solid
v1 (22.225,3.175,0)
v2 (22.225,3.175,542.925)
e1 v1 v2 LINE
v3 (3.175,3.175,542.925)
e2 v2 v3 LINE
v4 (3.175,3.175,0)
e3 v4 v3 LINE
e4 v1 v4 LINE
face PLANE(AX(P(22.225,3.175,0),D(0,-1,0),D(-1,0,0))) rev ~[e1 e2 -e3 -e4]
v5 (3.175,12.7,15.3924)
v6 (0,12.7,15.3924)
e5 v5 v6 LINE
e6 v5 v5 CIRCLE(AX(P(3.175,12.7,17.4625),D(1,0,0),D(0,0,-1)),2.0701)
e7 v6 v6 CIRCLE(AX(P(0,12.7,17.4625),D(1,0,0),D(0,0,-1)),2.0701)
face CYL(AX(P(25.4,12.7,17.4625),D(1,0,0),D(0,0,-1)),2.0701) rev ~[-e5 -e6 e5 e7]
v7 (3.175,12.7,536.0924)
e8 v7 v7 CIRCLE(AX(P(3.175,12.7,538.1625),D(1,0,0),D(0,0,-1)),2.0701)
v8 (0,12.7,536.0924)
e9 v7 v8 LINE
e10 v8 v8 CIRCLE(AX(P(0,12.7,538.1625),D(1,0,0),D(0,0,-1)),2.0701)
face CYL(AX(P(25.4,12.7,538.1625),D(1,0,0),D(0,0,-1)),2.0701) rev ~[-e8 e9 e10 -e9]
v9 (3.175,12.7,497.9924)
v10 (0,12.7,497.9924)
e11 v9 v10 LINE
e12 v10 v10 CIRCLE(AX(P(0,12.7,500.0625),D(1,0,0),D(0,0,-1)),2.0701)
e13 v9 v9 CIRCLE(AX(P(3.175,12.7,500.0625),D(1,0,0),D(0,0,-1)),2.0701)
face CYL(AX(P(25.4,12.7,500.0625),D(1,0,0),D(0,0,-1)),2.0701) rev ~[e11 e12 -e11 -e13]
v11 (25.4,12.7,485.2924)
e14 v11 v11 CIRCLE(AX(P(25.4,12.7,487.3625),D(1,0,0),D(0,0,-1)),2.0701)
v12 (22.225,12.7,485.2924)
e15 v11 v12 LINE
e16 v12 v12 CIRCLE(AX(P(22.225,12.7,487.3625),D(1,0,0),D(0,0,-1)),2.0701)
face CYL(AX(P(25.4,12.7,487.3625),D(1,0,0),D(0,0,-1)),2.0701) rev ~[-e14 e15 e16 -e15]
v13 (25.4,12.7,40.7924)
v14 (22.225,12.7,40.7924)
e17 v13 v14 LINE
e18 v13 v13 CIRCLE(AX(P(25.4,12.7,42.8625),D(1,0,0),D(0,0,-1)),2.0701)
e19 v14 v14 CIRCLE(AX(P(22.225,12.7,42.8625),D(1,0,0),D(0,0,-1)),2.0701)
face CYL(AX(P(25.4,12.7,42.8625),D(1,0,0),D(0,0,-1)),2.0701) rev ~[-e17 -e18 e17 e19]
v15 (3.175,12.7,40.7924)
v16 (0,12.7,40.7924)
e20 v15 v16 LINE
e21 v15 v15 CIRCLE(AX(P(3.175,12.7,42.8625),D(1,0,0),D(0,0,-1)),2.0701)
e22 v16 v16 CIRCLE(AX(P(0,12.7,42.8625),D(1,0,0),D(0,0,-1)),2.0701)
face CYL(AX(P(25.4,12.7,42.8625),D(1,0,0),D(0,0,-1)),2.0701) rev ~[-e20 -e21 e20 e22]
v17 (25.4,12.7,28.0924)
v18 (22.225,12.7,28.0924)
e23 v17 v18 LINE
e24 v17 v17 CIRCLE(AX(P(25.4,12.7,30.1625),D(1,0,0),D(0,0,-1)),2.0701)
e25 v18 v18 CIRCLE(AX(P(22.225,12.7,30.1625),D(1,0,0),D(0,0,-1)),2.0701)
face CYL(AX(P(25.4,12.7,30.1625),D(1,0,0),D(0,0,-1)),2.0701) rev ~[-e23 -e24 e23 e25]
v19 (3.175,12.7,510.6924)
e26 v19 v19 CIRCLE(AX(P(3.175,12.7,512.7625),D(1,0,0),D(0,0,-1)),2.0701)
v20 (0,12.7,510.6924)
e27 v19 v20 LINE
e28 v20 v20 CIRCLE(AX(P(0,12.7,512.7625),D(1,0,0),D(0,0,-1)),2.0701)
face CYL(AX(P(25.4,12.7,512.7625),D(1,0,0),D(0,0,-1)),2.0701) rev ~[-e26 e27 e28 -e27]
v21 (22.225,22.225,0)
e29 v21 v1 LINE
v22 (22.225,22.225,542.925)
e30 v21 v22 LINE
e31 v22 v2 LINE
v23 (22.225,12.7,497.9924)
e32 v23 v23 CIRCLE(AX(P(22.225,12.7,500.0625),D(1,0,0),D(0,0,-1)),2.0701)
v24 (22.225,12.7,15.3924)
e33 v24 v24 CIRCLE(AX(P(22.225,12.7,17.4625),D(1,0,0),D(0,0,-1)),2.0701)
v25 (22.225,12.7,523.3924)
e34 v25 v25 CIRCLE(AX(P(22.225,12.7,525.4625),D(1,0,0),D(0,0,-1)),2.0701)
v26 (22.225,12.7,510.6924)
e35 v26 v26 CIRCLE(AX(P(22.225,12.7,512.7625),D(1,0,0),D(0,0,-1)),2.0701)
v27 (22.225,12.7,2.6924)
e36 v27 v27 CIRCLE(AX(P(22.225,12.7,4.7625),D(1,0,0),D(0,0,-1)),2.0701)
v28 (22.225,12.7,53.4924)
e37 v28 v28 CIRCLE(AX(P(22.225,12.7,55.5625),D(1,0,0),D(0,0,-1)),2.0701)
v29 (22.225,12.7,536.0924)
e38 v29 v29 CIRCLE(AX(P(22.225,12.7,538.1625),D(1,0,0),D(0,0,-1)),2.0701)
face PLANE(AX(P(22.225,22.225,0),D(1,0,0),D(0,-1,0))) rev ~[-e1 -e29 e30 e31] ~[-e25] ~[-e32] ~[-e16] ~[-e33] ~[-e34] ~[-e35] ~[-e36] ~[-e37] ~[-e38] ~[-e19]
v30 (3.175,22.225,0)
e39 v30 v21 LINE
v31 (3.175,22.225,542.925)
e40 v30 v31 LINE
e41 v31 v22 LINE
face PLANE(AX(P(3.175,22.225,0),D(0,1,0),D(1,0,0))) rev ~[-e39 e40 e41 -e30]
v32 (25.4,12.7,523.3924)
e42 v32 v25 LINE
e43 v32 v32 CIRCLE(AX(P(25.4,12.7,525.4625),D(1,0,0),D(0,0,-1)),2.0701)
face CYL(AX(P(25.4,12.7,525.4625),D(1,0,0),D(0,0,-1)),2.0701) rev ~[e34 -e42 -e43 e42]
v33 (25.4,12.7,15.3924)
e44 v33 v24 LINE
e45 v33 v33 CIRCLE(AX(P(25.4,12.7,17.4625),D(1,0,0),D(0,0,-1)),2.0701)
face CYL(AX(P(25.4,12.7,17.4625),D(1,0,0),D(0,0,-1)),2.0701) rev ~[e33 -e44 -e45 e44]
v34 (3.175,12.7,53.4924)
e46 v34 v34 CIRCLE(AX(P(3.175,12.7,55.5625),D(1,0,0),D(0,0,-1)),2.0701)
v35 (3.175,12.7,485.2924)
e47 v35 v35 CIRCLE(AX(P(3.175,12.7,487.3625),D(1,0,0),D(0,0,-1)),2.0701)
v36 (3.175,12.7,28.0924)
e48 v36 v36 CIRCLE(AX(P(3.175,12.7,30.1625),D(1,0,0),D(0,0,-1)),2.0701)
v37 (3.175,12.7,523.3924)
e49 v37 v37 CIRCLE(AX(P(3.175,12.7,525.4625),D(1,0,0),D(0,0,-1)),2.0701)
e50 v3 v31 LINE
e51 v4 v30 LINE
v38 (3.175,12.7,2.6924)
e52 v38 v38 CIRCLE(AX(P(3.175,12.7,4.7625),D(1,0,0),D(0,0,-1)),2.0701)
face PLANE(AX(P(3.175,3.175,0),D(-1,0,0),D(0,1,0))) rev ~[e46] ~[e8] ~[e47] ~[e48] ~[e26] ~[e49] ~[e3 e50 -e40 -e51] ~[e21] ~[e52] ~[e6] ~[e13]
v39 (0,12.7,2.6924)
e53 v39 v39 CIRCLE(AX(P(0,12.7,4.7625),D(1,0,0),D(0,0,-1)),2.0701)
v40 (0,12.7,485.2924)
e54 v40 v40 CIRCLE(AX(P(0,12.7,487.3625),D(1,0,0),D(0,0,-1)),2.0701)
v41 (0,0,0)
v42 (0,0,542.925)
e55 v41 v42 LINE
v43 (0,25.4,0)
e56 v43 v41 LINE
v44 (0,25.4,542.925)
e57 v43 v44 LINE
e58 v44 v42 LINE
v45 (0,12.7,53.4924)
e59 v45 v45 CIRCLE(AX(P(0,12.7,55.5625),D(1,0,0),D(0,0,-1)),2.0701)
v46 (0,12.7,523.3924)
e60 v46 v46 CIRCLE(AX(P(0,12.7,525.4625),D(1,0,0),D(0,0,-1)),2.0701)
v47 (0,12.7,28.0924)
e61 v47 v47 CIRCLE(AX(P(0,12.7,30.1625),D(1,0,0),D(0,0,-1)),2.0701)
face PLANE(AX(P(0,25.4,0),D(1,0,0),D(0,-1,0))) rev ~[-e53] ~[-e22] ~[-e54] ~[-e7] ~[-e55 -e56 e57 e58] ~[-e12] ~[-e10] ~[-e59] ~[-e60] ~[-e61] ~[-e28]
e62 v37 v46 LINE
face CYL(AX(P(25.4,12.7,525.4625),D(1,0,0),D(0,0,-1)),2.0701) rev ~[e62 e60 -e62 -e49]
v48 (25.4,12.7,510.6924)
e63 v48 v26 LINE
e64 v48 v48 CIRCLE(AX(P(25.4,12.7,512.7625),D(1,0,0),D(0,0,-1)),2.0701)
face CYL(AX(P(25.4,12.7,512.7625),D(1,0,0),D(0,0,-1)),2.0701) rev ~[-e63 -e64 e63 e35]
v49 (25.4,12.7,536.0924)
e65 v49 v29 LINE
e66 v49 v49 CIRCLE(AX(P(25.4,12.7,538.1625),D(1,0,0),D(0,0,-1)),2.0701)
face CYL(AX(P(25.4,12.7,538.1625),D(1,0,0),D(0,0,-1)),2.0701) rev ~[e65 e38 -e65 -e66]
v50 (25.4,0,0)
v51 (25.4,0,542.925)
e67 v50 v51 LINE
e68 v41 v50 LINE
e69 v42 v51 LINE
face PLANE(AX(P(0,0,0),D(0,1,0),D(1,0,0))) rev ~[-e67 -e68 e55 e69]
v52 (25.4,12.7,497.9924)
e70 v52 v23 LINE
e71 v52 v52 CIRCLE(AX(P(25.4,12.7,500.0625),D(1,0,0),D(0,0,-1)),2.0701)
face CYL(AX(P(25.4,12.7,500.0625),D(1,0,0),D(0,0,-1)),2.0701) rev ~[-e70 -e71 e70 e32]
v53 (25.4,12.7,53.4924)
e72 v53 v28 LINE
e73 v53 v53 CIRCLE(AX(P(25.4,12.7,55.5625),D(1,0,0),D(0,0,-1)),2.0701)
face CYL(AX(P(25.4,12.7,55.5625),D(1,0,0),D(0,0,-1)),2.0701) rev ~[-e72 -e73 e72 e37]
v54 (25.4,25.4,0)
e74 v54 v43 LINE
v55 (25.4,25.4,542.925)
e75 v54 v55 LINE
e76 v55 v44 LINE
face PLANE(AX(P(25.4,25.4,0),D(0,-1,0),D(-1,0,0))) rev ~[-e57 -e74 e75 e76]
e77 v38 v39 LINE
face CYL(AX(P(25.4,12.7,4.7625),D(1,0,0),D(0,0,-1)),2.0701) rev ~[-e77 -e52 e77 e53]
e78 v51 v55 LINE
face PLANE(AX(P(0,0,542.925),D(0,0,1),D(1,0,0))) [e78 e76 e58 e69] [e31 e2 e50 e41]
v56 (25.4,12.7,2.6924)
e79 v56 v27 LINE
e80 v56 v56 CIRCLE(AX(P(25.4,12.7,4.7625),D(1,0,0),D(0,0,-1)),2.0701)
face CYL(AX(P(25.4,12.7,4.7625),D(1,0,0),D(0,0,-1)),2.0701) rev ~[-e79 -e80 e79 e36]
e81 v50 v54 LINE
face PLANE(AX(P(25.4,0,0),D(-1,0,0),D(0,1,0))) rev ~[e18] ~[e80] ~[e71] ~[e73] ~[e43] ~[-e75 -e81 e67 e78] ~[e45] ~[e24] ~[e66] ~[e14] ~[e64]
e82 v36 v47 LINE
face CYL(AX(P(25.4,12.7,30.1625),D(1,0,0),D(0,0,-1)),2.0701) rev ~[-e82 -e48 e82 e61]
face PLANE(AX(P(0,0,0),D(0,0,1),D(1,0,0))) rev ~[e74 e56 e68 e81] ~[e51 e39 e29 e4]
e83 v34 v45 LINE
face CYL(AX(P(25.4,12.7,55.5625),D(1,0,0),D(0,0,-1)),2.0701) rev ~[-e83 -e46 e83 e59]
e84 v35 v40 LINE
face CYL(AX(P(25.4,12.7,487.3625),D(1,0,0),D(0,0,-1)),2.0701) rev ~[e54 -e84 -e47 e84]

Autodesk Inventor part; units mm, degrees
ref_plane "YZ Plane" through (0, 0, 0) normal (1, 0, 0) x (0, 1, 0)
ref_plane "XZ Plane" through (0, 0, 0) normal (0, 1, 0) x (-1, 0, 0)
ref_plane "XY Plane" through (0, 0, 0) normal (0, 0, 1) x (1, 0, 0)
sketch "Sketch1" plane through (0, 0, 0) normal (0, 0, 1) x (1, 0, 0)
  line L0 (0, 0) -> (25.4, 0)
  line L1 (25.4, 0) -> (25.4, 25.4)
  line L2 (25.4, 25.4) -> (0, 25.4)
  line L3 (0, 25.4) -> (0, 0)
  line L4 (3.175, 22.225) -> (22.225, 22.225)
  line L5 (22.225, 22.225) -> (22.225, 3.175)
  line L6 (22.225, 3.175) -> (3.175, 3.175)
  line L7 (3.175, 3.175) -> (3.175, 22.225)
  dimension "d0" = 25.4
  dimension "d1" = 25.4
  dimension "d2" = 3.175
extrude "Extrusion1" add sketch "Sketch1" along normal blind 542.925
sketch "Sketch2" plane through (25.4, 0, 0) normal (1, 0, 0) x (0, 0, -1)
  line L0 (0, 25.4) -> (-542.925, 25.4) projected
  line L1 (-542.925, 0) -> (-542.925, 25.4) projected
  line L2 (0, 0) -> (-542.925, 0) projected
  circle A0 centre (-538.1625, 12.7) radius 2.0701
  circle A1 centre (-525.4625, 12.7) radius 2.0701
  circle A2 centre (-512.7625, 12.7) radius 2.0701
  circle A3 centre (-500.0625, 12.7) radius 2.0701
  circle A4 centre (-487.3625, 12.7) radius 2.0701
  line L3 (-271.4625, 25.4) -> (-271.4625, 0) construction
  circle A5 centre (-4.7625, 12.7) radius 2.0701
  circle A6 centre (-17.4625, 12.7) radius 2.0701
  circle A7 centre (-30.1625, 12.7) radius 2.0701
  circle A8 centre (-42.8625, 12.7) radius 2.0701
  circle A9 centre (-55.5625, 12.7) radius 2.0701
  dimension "d5" = 4.1402
  dimension "d6" = 4.7625
  dimension "d7" = 12.7
  dimension "d10" = 12.7
extrude "Extrusion2" cut sketch "Sketch2" against normal blind 593.725
properties part number "Roller Sidways 21.375 in Segment (1)"
